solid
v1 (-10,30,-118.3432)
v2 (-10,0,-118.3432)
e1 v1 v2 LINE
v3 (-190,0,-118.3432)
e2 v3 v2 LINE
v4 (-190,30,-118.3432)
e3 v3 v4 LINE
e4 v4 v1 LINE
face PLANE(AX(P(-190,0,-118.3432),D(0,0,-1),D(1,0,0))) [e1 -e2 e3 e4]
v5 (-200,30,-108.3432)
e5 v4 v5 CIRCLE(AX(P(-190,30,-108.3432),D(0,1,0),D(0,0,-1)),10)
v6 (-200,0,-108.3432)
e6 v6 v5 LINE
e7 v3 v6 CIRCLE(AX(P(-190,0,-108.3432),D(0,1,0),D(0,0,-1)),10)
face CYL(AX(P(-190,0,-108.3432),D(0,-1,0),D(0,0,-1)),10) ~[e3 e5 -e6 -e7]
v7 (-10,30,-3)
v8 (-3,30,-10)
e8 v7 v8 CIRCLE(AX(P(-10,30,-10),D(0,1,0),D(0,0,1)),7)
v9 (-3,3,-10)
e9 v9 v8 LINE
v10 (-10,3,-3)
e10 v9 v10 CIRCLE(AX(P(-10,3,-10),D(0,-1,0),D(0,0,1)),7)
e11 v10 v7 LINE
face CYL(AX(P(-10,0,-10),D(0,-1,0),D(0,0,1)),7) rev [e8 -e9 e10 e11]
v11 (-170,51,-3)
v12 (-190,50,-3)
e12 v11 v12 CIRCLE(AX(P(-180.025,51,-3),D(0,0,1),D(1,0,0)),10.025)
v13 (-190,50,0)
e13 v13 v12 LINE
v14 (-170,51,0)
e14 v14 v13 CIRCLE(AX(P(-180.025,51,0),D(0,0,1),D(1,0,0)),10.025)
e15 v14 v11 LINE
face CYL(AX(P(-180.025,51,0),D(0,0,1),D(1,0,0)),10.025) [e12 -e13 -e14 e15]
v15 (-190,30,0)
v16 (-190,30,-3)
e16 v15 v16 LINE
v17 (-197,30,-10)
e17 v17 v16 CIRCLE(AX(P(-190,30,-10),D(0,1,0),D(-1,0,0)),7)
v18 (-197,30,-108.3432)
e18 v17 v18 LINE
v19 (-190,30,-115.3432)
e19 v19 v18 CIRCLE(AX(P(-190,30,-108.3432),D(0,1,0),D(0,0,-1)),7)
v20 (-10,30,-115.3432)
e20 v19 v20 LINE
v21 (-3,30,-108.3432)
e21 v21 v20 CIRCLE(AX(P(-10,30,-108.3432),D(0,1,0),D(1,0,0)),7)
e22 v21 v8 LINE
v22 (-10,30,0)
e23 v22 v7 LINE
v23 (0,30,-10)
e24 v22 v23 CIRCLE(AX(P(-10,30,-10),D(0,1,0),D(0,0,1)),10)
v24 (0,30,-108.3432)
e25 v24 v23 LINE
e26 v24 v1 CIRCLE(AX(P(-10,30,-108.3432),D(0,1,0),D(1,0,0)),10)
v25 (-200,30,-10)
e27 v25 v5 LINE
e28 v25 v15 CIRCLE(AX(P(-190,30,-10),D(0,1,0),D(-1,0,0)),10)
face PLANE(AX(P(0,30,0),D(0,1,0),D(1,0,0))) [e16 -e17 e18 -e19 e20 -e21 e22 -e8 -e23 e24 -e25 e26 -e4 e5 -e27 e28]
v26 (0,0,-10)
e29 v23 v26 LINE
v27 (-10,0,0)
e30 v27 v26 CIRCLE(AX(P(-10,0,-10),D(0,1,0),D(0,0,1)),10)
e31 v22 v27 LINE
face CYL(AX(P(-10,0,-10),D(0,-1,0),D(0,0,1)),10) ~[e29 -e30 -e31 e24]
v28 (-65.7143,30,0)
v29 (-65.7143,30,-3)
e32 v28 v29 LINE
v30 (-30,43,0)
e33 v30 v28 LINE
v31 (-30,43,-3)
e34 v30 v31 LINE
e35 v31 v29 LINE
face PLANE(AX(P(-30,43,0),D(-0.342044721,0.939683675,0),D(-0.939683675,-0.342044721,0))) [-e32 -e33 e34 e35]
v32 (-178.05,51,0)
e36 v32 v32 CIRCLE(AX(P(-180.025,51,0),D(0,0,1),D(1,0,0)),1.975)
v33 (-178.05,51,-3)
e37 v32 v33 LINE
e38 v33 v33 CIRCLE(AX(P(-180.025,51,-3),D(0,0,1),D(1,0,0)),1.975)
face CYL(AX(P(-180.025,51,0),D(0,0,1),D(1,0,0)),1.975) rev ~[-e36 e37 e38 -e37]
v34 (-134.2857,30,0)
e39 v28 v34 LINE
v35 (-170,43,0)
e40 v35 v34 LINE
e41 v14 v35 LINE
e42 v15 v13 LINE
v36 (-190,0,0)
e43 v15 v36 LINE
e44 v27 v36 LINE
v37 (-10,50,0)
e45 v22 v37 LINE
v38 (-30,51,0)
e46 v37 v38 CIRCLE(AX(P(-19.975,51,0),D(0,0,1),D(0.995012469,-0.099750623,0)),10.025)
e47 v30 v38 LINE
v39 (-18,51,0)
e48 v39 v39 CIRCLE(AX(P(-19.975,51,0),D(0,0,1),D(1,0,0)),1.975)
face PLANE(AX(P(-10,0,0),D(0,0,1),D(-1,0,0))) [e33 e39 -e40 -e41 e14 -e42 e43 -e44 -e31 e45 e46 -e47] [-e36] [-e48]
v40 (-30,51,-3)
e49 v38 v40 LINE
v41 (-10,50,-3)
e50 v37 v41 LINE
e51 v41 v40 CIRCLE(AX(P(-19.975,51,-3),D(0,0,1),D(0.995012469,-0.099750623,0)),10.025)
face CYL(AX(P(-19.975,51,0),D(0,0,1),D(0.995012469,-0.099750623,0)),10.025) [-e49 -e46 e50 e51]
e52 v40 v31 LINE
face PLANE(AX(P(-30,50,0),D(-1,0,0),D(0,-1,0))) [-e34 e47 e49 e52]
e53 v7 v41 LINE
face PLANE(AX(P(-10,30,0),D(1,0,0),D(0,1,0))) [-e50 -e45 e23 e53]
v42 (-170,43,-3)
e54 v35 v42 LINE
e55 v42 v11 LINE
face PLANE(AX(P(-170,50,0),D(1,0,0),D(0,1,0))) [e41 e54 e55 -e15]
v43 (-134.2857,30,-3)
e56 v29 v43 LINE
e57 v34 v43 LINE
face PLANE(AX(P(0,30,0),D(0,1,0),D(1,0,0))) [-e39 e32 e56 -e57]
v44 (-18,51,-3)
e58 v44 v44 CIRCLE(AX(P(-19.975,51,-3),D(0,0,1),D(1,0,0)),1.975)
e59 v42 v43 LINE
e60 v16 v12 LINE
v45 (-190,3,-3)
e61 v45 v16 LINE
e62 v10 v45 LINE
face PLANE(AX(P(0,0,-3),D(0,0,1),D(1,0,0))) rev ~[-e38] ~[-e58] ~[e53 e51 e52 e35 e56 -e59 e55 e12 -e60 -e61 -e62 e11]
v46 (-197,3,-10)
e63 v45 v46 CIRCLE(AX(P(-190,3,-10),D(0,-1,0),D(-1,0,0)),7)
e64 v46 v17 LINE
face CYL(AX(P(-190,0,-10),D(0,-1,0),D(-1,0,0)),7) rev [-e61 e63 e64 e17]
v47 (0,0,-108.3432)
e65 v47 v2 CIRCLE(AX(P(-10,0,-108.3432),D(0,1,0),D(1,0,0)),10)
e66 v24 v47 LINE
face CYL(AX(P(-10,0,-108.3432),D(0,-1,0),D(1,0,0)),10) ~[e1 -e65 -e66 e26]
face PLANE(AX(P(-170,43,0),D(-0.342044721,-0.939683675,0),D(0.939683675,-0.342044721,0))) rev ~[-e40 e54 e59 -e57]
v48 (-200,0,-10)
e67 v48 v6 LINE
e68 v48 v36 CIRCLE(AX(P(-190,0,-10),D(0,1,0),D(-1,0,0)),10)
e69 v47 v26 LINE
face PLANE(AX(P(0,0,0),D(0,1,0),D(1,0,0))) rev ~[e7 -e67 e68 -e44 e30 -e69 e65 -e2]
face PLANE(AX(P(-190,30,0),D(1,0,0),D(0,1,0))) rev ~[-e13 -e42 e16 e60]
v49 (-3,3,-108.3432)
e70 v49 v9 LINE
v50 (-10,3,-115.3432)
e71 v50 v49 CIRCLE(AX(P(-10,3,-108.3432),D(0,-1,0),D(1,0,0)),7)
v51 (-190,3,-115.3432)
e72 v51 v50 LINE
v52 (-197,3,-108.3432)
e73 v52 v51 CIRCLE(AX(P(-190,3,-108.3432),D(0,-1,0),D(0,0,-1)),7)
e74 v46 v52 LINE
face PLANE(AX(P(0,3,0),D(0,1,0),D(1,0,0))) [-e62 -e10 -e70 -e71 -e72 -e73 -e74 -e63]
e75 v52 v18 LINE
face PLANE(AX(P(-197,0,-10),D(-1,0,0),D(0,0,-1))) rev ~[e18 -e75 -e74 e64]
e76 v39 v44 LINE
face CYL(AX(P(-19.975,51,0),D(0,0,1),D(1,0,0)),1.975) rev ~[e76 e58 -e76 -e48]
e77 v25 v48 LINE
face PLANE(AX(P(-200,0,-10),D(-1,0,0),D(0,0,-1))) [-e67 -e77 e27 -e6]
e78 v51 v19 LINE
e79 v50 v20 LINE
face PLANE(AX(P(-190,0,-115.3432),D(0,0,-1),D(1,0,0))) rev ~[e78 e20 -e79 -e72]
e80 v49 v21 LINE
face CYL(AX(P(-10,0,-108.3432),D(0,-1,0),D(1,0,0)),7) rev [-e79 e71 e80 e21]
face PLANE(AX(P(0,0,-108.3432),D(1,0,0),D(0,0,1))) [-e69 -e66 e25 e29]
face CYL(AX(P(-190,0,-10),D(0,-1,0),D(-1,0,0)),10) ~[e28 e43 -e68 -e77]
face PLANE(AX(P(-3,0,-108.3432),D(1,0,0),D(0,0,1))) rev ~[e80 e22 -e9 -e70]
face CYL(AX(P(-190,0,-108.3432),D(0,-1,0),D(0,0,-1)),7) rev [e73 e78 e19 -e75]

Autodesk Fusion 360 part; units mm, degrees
sketch "Sketch1" plane through (0, 0, 0) normal (0, 1, 0) x (1, 0, 0)
  line L0 (-190, 118.3432) -> (-10, 118.3432)
  line L1 (0, 108.3432) -> (0, 10)
  line L2 (-10, 0) -> (-190, 0)
  line L3 (-200, 10) -> (-200, 108.3432)
  arc A0 (-190, 118.3432) -> (-200, 108.3432) centre (-190, 108.3432) ccw
  arc A1 (-200, 10) -> (-190, 0) centre (-190, 10) ccw
  arc A2 (-10, 0) -> (0, 10) centre (-10, 10) ccw
  arc A3 (0, 108.3432) -> (-10, 118.3432) centre (-10, 108.3432) ccw
  arc A4 (-3, 108.3432) -> (-10, 115.3432) centre (-10, 108.3432) ccw
  line L4 (-190, 115.3432) -> (-10, 115.3432)
  arc A5 (-190, 115.3432) -> (-197, 108.3432) centre (-190, 108.3432) ccw
  line L5 (-197, 10) -> (-197, 108.3432)
  arc A6 (-197, 10) -> (-190, 3) centre (-190, 10) ccw
  line L6 (-10, 3) -> (-190, 3)
  arc A7 (-10, 3) -> (-3, 10) centre (-10, 10) ccw
  line L7 (-3, 108.3432) -> (-3, 10)
  dimension "d3" = 200
  dimension "d4" = 118.3432
  dimension "d6" = 10
  dimension "d7" = 10
  dimension "d8" = 10
  dimension "d9" = 10
  dimension "d15" = 3
extrude "Extrude2" add sketch "Sketch1" along normal blind 3 contours L0 L1 L2 L3 A0 A1 A2 A3 | A4 L4 A5 L5 A6 L6 A7 L7 makes body 1
extrude "Extrude3" add sketch "Sketch1" along normal blind 30 separate body makes body 2
combine "Combine1" operation add target body 2 tool bodies 1
sketch "Sketch2" plane through (0, 0, 0) normal (0, 0, 1) x (1, 0, 0)
  line L0 (-10, 0) -> (-10, 30)
  line L1 (-10, 30) -> (-190, 30)
  line L2 (-190, 30) -> (-190, 0)
  line L3 (-190, 0) -> (-10, 0)
  line L4 (-100, 30) -> (-100, 0)
  line L5 (-10, 30) -> (-10, 50)
  line L6 (-30, 50) -> (-30, 43)
  line L7 (-30, 43) -> (-65.7143, 30)
  line L8 (-10, 30) -> (-65.7143, 30)
  line L9 (-30, 50) -> (-30, 51)
  arc A0 (-10, 50) -> (-30, 51) centre (-19.975, 51) ccw
  circle A1 centre (-19.975, 51) radius 1.975
  line L10 (-170, 43) -> (-134.2857, 30)
  line L11 (-190, 30) -> (-134.2857, 30)
  line L12 (-190, 30) -> (-190, 50)
  arc A2 (-170, 51) -> (-190, 50) centre (-180.025, 51) ccw
  line L13 (-170, 50) -> (-170, 43)
  line L14 (-170, 50) -> (-170, 51)
  circle A3 centre (-180.025, 51) radius 1.975
extrude "Extrude4" add sketch "Sketch2" against normal blind 3 contours L1 L5 L6 L7 L8 L9 A0 | L1 L10 L11 L12 A2 L13 L14 bodies 2
equation "leveys = 200 mm"
equation "d3 = leveys"
equation "d4 = leveys / 1.69"
equation "fillet = 10 mm"
equation "d6 = fillet"
equation "d7 = fillet"
equation "d8 = fillet"
equation "d9 = fillet"
equation "paksuus = 30 mm"
equation "pohjanpaksuus = 3 mm"
equation "reuna = 3 mm"
equation "d15 = reuna"
equation "d16 = pohjanpaksuus"
equation "d18 = paksuus"
equation "d20 = -reuna"
